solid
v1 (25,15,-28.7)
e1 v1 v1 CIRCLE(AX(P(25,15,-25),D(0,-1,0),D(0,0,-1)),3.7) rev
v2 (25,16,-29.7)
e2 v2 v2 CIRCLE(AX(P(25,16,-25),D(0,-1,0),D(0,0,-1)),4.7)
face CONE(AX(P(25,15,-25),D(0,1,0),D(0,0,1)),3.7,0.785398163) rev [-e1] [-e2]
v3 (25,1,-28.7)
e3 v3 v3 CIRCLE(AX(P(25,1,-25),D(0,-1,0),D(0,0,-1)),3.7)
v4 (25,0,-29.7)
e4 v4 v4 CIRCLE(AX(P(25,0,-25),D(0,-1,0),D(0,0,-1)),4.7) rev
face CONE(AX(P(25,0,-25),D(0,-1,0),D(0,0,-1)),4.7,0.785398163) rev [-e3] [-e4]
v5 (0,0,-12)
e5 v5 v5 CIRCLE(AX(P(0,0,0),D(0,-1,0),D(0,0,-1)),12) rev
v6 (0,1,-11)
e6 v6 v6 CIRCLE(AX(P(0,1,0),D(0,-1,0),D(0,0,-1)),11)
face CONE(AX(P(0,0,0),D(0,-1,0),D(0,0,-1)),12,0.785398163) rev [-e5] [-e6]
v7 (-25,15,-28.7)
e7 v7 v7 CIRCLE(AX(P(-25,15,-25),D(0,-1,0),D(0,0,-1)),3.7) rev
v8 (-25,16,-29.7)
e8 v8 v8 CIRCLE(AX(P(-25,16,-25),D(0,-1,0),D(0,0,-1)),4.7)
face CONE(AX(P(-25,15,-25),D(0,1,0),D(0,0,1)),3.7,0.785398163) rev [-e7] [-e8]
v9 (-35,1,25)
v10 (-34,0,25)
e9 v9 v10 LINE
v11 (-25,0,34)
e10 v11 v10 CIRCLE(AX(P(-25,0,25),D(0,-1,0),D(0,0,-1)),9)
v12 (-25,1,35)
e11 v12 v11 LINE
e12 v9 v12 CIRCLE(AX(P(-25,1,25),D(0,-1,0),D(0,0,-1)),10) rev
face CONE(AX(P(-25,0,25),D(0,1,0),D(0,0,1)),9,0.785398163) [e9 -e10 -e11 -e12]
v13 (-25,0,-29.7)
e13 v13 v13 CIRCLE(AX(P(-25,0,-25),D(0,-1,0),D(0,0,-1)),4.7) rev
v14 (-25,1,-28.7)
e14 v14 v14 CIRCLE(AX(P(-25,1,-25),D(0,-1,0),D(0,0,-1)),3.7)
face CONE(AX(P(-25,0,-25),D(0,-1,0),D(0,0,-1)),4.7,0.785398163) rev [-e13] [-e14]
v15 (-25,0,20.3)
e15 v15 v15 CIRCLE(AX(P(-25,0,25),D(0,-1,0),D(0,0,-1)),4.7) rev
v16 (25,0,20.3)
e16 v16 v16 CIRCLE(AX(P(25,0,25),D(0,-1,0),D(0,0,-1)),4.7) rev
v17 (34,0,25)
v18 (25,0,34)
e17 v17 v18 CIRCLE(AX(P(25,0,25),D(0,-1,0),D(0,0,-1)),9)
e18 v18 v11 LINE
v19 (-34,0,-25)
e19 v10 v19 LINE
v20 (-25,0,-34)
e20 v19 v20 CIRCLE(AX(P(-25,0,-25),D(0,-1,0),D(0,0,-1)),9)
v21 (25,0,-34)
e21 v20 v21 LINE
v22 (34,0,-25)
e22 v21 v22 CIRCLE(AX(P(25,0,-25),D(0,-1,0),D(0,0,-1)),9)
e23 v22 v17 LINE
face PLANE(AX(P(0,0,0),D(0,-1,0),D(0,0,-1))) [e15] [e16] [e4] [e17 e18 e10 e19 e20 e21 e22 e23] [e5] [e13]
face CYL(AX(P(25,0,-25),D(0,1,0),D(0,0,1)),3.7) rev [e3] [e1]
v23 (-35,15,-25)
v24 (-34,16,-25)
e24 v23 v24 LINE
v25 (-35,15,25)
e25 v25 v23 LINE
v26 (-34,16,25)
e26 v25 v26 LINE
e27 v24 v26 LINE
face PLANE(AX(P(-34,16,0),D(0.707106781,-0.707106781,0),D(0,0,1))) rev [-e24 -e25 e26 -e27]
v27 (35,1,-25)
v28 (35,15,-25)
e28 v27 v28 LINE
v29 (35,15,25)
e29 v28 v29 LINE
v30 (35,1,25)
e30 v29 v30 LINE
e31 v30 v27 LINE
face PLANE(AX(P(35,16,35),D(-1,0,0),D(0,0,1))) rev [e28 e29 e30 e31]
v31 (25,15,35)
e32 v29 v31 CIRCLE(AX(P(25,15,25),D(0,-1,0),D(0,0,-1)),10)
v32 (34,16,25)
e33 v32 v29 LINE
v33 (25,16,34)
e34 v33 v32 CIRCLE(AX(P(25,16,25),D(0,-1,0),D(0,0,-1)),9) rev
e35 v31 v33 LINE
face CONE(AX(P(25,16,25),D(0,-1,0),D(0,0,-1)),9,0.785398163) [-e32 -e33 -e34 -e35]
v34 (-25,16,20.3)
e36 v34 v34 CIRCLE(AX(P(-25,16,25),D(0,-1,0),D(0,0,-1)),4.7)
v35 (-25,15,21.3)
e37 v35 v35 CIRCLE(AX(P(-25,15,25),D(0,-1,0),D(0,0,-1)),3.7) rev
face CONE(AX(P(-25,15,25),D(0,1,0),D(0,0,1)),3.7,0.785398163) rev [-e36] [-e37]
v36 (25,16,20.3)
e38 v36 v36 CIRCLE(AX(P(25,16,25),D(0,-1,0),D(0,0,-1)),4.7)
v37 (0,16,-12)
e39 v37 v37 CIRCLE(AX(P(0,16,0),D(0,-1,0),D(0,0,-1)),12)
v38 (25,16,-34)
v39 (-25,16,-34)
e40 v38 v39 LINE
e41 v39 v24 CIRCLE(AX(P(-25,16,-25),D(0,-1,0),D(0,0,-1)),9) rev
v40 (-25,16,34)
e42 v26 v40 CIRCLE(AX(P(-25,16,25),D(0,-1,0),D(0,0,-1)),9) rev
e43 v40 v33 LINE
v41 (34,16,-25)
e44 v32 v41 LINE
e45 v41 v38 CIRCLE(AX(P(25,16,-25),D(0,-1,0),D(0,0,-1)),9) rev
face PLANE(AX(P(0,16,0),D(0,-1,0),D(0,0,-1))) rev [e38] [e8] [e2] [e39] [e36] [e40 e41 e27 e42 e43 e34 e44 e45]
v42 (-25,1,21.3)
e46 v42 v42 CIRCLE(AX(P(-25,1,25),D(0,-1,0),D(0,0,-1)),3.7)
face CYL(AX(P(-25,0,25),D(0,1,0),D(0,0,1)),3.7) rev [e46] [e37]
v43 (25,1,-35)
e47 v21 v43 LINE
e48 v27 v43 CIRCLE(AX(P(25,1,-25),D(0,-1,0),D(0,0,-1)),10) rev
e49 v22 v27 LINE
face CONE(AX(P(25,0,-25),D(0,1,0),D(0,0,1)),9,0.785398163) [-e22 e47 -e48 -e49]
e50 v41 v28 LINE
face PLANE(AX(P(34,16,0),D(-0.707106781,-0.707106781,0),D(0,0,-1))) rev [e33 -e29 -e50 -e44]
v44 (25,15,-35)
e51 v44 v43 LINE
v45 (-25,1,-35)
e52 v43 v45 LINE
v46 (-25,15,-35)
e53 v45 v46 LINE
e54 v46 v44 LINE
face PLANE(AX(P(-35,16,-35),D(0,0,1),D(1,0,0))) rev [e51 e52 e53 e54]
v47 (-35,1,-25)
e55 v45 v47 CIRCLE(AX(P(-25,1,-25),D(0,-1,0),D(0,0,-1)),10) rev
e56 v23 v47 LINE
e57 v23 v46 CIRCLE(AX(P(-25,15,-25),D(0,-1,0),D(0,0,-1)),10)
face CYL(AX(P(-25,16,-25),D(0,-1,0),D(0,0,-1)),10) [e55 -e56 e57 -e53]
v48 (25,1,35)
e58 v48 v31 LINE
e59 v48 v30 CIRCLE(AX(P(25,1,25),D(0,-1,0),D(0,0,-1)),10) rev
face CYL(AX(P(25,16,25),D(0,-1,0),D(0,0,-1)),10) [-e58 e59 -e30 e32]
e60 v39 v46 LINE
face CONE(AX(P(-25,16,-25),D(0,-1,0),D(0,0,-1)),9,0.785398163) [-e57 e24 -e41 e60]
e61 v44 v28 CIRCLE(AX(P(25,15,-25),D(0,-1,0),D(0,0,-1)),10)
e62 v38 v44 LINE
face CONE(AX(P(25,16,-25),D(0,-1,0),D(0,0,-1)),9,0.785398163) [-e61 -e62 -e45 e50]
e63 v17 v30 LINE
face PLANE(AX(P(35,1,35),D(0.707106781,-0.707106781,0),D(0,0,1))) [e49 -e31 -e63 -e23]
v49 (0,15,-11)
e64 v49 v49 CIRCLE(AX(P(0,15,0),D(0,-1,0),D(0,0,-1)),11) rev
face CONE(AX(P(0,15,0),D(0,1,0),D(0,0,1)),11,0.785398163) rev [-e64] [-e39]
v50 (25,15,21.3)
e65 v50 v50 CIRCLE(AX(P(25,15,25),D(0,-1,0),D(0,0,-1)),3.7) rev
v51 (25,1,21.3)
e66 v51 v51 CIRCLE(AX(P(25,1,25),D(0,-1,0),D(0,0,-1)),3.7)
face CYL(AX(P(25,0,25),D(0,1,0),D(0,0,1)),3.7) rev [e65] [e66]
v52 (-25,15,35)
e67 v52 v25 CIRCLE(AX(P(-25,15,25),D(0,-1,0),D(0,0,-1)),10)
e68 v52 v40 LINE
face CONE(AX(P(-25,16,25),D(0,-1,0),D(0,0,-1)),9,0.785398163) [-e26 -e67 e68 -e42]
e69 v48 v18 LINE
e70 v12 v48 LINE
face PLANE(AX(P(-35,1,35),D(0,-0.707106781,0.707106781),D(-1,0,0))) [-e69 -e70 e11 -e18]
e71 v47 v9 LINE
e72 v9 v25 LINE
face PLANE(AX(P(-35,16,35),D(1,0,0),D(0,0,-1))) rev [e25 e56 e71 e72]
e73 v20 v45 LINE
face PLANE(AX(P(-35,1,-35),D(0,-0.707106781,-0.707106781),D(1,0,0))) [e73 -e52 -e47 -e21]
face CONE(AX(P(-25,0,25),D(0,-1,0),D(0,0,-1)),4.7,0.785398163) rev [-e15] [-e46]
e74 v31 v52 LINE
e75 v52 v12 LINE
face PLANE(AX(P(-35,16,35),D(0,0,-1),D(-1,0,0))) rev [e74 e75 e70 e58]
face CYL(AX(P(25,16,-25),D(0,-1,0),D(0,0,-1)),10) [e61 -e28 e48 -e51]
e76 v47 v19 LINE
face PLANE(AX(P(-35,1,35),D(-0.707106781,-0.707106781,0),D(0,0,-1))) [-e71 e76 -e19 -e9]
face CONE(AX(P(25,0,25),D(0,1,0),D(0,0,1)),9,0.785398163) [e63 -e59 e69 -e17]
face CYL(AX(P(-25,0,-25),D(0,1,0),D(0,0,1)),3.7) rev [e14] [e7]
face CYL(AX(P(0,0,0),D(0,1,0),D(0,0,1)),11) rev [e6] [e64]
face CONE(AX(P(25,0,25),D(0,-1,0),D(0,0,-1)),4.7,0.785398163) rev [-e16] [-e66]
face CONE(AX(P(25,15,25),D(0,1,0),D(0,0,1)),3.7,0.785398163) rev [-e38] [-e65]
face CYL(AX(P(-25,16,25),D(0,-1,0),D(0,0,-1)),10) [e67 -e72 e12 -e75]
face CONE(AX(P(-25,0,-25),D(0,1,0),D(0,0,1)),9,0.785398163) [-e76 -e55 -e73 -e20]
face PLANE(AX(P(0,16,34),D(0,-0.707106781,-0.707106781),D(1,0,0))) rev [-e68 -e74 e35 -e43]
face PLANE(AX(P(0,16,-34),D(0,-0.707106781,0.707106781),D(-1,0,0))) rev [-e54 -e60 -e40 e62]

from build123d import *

# Parameters (mm, degrees)
SKETCH_1_W          = 70
SKETCH_1_H          = 70
EXTRUDE_1_DEPTH     = 16
SKETCH_2_R          = 11
SKETCH_2_R_2        = 3.7
CUT_EXTRUDE_1_DEPTH = 53.019227215
FILLET_1_R          = 10
CHAMFER_1_SIZE      = 1


with BuildPart() as part:
    # Эскиз1 → Бобышка-Вытянуть1 (new body)
    with BuildSketch(Plane(origin=(0, 0, 0), x_dir=(1, 0, 0), z_dir=(0, 1, 0))):
        Rectangle(SKETCH_1_W, SKETCH_1_H)
    extrude(amount=EXTRUDE_1_DEPTH)

    # Эскиз2 → Вырез-Вытянуть1 (cut, through all)
    with BuildSketch(Plane(origin=(0, 16, 0), x_dir=(1, 0, 0), z_dir=(0, 1, 0))):
        with Locations(Location((0, 0, 0), (0, 0, 270))):
            Circle(SKETCH_2_R)
        with Locations(Location((-25, 25, 0), (0, 0, 270))):
            Circle(SKETCH_2_R_2)
        with Locations(Location((25, 25, 0), (0, 0, 270))):
            Circle(SKETCH_2_R_2)
        with Locations(Location((25, -25, 0), (0, 0, 270))):
            Circle(SKETCH_2_R_2)
        with Locations(Location((-25, -25, 0), (0, 0, 270))):
            Circle(SKETCH_2_R_2)
    extrude(amount=-CUT_EXTRUDE_1_DEPTH, mode=Mode.SUBTRACT)

    # Скругление1
    fillet_1_edges = [part.edges().sort_by_distance(p)[0] for p in [
        (35, 8, 35),
        (-35, 8, 35),
        (-35, 8, -35),
        (35, 8, -35),
    ]]
    fillet(fillet_1_edges, radius=FILLET_1_R)

    # Фаска1
    chamfer_1_edges = [part.edges().sort_by_distance(p)[0] for p in [
        (-25, 0, 21.3),
        (-25, 16, 21.3),
        (25, 0, 21.3),
        (25, 16, 21.3),
        (25, 0, -28.7),
        (25, 16, -28.7),
        (-25, 0, -28.7),
        (-25, 16, -28.7),
        (0, 0, -11),
        (0, 16, -11),
        (0, 0, 35),
        (0, 16, 35),
        (35, 0, 0),
        (-35, 0, 0),
        (0, 0, -35),
        (32.071067812, 0, -32.071067812),
        (32.071067812, 0, 32.071067812),
        (-32.071067812, 0, -32.071067812),
        (-32.071067812, 0, 32.071067812),
        (-35, 16, 0),
        (35, 16, 0),
        (0, 16, -35),
        (32.071067812, 16, -32.071067812),
        (32.071067812, 16, 32.071067812),
        (-32.071067812, 16, -32.071067812),
        (-32.071067812, 16, 32.071067812),
    ]]
    chamfer(chamfer_1_edges, length=CHAMFER_1_SIZE)


solid = part.part
